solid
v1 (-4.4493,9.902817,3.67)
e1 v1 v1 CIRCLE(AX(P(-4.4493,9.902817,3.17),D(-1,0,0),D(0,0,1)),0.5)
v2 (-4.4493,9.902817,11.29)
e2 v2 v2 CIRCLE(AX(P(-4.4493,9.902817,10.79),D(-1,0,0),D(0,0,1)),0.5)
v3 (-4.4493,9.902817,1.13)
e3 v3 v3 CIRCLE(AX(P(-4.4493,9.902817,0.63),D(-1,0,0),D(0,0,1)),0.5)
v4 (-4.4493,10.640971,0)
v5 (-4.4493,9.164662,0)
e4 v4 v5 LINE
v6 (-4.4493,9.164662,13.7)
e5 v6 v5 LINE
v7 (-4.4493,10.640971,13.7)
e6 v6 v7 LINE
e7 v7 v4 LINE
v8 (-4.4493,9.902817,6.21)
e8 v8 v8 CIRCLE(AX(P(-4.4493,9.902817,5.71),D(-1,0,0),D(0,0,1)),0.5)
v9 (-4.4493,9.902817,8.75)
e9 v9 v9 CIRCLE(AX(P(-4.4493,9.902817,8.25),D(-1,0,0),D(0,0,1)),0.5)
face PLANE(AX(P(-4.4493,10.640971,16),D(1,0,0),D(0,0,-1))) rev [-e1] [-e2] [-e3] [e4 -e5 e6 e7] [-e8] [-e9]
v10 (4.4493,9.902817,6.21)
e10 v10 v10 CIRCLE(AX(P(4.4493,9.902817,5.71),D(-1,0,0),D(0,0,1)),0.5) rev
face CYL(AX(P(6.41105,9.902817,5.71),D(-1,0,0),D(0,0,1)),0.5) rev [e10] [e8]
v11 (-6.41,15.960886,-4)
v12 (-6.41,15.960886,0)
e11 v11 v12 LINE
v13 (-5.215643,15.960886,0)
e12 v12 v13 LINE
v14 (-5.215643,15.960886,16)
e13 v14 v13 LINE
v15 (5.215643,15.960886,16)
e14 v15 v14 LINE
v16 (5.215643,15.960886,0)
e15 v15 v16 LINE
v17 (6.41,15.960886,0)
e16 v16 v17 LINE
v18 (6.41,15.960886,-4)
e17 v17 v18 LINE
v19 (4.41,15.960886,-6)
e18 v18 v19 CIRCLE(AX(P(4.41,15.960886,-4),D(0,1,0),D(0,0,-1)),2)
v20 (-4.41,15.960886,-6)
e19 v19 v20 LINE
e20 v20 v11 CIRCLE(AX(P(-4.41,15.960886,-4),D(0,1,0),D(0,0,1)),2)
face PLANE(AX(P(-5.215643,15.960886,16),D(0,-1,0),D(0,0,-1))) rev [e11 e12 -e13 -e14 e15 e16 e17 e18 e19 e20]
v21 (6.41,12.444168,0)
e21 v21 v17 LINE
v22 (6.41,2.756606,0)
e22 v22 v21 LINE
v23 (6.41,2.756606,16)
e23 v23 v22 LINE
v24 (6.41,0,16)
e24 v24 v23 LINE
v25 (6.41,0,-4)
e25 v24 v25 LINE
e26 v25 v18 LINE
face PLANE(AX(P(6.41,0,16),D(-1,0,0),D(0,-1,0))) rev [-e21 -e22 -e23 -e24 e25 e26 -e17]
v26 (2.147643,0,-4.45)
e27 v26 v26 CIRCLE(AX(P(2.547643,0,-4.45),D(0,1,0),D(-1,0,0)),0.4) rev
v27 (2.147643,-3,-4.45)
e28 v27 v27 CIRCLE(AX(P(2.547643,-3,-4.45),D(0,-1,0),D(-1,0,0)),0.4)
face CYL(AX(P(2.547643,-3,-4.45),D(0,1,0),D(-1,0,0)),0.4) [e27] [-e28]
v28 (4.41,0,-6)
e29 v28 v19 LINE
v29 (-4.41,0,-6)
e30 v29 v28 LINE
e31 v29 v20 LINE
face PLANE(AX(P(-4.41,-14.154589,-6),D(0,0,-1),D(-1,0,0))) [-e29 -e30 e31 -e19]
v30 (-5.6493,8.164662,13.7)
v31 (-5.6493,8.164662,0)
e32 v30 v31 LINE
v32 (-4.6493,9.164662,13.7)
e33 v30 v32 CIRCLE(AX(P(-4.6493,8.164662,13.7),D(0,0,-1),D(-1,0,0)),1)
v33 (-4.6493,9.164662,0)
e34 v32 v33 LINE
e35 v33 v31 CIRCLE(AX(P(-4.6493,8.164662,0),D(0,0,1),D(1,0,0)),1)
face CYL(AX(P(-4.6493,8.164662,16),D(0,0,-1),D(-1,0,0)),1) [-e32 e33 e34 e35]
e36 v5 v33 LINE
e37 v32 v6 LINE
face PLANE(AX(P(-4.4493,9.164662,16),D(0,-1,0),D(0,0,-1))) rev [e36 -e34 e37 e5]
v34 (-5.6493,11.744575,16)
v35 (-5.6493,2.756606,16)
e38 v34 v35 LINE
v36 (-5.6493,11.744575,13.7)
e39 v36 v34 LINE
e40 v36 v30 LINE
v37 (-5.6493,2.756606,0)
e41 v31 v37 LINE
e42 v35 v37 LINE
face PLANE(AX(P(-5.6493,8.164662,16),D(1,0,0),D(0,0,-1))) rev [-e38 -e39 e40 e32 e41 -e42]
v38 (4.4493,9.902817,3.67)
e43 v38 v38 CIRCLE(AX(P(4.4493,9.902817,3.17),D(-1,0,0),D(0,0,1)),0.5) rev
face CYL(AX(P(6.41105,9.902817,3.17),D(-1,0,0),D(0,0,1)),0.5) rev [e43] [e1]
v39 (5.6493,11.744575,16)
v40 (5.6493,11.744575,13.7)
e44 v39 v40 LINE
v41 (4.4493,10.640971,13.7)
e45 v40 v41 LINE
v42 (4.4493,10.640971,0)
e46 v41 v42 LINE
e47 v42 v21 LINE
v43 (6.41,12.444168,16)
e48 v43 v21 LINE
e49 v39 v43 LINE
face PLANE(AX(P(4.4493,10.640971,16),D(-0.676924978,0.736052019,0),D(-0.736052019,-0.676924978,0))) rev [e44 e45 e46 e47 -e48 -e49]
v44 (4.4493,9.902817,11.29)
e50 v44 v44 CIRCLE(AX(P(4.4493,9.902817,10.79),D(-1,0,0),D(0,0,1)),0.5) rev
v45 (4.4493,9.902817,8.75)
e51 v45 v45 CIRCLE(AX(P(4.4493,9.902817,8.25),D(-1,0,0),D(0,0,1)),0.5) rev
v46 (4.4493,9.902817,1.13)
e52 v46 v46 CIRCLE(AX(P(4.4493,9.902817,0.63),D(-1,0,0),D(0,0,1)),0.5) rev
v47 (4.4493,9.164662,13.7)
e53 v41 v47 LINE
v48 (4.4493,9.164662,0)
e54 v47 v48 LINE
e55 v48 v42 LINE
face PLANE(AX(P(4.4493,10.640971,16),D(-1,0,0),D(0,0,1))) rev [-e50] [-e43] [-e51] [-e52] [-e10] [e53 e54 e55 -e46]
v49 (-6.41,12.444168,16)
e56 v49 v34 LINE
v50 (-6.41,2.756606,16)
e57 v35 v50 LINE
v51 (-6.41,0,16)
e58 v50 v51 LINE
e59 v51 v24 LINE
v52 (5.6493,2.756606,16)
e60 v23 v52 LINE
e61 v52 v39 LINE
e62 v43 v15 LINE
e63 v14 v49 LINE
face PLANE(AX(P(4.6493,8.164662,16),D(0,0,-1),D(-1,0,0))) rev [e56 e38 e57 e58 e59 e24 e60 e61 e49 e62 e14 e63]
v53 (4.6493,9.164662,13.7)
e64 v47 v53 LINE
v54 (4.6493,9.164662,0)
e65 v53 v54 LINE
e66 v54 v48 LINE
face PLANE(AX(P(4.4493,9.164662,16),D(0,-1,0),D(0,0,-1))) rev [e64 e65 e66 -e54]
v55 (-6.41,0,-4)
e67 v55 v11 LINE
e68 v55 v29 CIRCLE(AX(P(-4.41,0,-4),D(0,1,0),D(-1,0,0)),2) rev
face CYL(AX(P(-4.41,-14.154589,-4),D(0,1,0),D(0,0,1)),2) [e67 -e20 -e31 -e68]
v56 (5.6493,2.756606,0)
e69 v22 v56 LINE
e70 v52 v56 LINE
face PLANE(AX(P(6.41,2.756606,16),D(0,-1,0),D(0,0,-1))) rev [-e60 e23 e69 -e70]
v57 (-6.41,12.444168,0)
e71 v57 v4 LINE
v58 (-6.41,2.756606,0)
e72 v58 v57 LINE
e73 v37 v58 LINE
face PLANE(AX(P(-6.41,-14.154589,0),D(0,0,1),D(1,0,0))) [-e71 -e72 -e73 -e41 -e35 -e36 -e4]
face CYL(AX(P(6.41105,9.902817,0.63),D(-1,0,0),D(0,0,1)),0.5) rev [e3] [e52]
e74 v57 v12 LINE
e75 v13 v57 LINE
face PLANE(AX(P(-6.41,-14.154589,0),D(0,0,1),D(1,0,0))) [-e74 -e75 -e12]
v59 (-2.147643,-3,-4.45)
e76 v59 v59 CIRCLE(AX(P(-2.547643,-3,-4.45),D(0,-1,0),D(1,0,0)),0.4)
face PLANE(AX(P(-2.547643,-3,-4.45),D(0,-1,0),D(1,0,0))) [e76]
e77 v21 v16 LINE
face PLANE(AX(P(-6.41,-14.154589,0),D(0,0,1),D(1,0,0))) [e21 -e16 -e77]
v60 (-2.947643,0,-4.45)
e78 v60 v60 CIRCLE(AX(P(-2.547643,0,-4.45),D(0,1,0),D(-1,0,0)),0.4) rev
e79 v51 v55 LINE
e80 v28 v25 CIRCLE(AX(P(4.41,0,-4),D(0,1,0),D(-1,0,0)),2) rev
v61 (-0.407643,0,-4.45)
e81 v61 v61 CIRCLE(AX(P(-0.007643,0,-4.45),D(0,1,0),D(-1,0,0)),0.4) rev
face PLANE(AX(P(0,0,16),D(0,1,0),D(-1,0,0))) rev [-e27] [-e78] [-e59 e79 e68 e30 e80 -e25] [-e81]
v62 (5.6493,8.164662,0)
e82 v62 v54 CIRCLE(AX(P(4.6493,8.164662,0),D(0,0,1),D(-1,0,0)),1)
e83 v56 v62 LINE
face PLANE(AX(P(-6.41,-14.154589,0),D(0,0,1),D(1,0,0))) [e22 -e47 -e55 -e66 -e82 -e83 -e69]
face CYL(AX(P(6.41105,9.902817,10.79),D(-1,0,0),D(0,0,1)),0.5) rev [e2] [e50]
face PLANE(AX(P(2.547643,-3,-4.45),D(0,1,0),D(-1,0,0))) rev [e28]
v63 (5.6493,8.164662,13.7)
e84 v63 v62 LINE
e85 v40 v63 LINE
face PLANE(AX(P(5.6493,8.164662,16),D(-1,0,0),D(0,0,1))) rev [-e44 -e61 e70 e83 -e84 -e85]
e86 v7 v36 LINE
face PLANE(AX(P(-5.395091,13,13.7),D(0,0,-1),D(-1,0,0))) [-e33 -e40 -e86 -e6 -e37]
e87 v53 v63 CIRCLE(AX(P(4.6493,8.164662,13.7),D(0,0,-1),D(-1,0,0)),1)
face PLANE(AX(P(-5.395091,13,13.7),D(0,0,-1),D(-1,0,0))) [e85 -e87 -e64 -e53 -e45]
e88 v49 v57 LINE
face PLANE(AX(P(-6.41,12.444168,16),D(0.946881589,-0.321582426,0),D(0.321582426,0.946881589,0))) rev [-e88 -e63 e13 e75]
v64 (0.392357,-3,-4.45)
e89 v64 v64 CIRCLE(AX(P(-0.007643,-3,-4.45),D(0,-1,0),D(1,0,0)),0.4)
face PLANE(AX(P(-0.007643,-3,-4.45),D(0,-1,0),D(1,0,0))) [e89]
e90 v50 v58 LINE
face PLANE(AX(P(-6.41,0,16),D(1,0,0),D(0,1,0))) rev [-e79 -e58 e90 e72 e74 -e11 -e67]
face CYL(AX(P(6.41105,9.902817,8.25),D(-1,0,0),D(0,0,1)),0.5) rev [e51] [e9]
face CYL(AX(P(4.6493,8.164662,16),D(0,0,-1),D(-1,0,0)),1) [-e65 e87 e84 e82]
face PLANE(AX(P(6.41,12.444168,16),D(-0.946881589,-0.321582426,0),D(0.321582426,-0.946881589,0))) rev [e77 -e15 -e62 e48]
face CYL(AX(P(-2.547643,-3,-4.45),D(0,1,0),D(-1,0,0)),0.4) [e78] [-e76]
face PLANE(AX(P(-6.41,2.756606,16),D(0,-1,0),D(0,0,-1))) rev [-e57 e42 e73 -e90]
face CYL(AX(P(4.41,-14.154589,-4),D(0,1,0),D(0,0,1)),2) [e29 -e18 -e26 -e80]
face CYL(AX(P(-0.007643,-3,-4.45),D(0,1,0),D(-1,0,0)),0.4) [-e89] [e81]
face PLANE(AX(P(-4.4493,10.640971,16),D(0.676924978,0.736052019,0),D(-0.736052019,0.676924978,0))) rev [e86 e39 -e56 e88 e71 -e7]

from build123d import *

# Parameters (mm, degrees)
EXTRUSION1_DEPTH           = 16
BOSS_EXTRU_1_DEPTH         = 15.960886
ESQUISSE3_R                = 0.5
ENL_V_MAT_EXTRU_1_DEPTH    = 10.0986
R_P_TITION_LIN_AIRE1_COUNT = 5
R_P_TITION_LIN_AIRE1_PITCH = 2.54
ESQUISSE4_W                = 10.409192402
ESQUISSE4_H                = 2.3
BOSS_EXTRU_2_DEPTH         = 13
ESQUISSE7_W                = 11.29860034
ESQUISSE7_H                = 2.3
BOSS_EXTRU_3_DEPTH         = 13
ESQUISSE8_R                = 0.4
BOSS_EXTRU_4_DEPTH         = 3


with BuildPart() as part:
    # Esquisse1 → Extrusion1 (new body)
    with BuildSketch(Plane.XY):
        with BuildLine():
            Line((-4.44930017, 10.640971337), (-4.44930017, 9.16466185))
            Line((-4.44930017, 9.16466185), (-4.64930017, 9.16466185))
            ThreePointArc((-4.64930017, 9.16466185), (-5.356406952, 8.871768631), (-5.64930017, 8.16466185))
            Line((-5.64930017, 8.16466185), (-5.64930017, 2.756606014))
            Line((-5.64930017, 2.756606014), (-6.41, 2.756606014))
            Line((-6.41, 2.756606014), (-6.41, 0))
            Line((-6.41, 0), (0, 0))
            Line((0, 0), (6.41, 0))
            Line((6.41, 0), (6.41, 2.756606014))
            Line((6.41, 2.756606014), (5.64930017, 2.756606014))
            Line((5.64930017, 2.756606014), (5.64930017, 8.16466185))
            ThreePointArc((5.64930017, 8.16466185), (5.356406952, 8.871768631), (4.64930017, 9.16466185))
            Line((4.64930017, 9.16466185), (4.44930017, 9.16466185))
            Line((4.44930017, 9.16466185), (4.44930017, 10.640971337))
            Line((4.44930017, 10.640971337), (6.41, 12.444168195))
            Line((6.41, 12.444168195), (5.215643019, 15.960885973))
            Line((5.215643019, 15.960885973), (-5.215643019, 15.960885973))
            Line((-5.215643019, 15.960885973), (-6.41, 12.444168195))
            Line((-6.41, 12.444168195), (-4.44930017, 10.640971337))
        make_face()
    extrude(amount=EXTRUSION1_DEPTH)

    # Esquisse2 → Boss.-Extru.1 (add)
    with BuildSketch(Plane(origin=(0, 15.960885973, 0), x_dir=(1, 0, 0), z_dir=(0, 1, 0))):
        with BuildLine():
            Line((-6.41, 0), (6.41, 0))
            Line((6.41, 0), (6.41, 4))
            ThreePointArc((6.41, 4), (5.824213562, 5.414213562), (4.41, 6))
            Line((4.41, 6), (-4.41, 6))
            ThreePointArc((-4.41, 6), (-5.824213562, 5.414213562), (-6.41, 4))
            Line((-6.41, 4), (-6.41, 0))
        make_face()
    extrude(amount=-BOSS_EXTRU_1_DEPTH)

    # Esquisse3 → Enlèv. mat.-Extru.1 (cut)
    with BuildSketch(Plane.ZY.offset(4.44930017)):
        with Locations((0.63, 9.902816594)):
            Circle(ESQUISSE3_R)
    enl_v_mat_extru_1 = extrude(amount=-ENL_V_MAT_EXTRU_1_DEPTH, mode=Mode.SUBTRACT)

    # Répétition linéaire1: Enlèv. mat.-Extru.1 ×5
    with Locations(*[(0, 0, i * R_P_TITION_LIN_AIRE1_PITCH) for i in range(1, R_P_TITION_LIN_AIRE1_COUNT)]):
        add(enl_v_mat_extru_1, mode=Mode.SUBTRACT)

    # Esquisse4 → Boss.-Extru.2 (add)
    with BuildSketch(Plane.XZ):
        with Locations((-0.190494612, 14.85)):
            Rectangle(ESQUISSE4_W, ESQUISSE4_H)
    extrude(amount=-BOSS_EXTRU_2_DEPTH)

    # Esquisse7 → Boss.-Extru.3 (add)
    with BuildSketch(Plane.XZ):
        with Locations((0, 14.85)):
            Rectangle(ESQUISSE7_W, ESQUISSE7_H)
    extrude(amount=-BOSS_EXTRU_3_DEPTH)

    # Esquisse8 → Boss.-Extru.4 (add)
    with BuildSketch(Plane.XZ):
        with Locations(Location((-0.007642762, -4.45, 0), (0, 0, 180))):  # turned: the seam where the file's is
            Circle(ESQUISSE8_R)
        with Locations(Location((-2.547642762, -4.45, 0), (0, 0, 180))):  # turned: the seam where the file's is
            Circle(ESQUISSE8_R)
        with Locations(Location((2.547642762, -4.45, 0), (0, 0, 180))):  # turned: the seam where the file's is
            Circle(ESQUISSE8_R)
    extrude(amount=BOSS_EXTRU_4_DEPTH)


solid = part.part
